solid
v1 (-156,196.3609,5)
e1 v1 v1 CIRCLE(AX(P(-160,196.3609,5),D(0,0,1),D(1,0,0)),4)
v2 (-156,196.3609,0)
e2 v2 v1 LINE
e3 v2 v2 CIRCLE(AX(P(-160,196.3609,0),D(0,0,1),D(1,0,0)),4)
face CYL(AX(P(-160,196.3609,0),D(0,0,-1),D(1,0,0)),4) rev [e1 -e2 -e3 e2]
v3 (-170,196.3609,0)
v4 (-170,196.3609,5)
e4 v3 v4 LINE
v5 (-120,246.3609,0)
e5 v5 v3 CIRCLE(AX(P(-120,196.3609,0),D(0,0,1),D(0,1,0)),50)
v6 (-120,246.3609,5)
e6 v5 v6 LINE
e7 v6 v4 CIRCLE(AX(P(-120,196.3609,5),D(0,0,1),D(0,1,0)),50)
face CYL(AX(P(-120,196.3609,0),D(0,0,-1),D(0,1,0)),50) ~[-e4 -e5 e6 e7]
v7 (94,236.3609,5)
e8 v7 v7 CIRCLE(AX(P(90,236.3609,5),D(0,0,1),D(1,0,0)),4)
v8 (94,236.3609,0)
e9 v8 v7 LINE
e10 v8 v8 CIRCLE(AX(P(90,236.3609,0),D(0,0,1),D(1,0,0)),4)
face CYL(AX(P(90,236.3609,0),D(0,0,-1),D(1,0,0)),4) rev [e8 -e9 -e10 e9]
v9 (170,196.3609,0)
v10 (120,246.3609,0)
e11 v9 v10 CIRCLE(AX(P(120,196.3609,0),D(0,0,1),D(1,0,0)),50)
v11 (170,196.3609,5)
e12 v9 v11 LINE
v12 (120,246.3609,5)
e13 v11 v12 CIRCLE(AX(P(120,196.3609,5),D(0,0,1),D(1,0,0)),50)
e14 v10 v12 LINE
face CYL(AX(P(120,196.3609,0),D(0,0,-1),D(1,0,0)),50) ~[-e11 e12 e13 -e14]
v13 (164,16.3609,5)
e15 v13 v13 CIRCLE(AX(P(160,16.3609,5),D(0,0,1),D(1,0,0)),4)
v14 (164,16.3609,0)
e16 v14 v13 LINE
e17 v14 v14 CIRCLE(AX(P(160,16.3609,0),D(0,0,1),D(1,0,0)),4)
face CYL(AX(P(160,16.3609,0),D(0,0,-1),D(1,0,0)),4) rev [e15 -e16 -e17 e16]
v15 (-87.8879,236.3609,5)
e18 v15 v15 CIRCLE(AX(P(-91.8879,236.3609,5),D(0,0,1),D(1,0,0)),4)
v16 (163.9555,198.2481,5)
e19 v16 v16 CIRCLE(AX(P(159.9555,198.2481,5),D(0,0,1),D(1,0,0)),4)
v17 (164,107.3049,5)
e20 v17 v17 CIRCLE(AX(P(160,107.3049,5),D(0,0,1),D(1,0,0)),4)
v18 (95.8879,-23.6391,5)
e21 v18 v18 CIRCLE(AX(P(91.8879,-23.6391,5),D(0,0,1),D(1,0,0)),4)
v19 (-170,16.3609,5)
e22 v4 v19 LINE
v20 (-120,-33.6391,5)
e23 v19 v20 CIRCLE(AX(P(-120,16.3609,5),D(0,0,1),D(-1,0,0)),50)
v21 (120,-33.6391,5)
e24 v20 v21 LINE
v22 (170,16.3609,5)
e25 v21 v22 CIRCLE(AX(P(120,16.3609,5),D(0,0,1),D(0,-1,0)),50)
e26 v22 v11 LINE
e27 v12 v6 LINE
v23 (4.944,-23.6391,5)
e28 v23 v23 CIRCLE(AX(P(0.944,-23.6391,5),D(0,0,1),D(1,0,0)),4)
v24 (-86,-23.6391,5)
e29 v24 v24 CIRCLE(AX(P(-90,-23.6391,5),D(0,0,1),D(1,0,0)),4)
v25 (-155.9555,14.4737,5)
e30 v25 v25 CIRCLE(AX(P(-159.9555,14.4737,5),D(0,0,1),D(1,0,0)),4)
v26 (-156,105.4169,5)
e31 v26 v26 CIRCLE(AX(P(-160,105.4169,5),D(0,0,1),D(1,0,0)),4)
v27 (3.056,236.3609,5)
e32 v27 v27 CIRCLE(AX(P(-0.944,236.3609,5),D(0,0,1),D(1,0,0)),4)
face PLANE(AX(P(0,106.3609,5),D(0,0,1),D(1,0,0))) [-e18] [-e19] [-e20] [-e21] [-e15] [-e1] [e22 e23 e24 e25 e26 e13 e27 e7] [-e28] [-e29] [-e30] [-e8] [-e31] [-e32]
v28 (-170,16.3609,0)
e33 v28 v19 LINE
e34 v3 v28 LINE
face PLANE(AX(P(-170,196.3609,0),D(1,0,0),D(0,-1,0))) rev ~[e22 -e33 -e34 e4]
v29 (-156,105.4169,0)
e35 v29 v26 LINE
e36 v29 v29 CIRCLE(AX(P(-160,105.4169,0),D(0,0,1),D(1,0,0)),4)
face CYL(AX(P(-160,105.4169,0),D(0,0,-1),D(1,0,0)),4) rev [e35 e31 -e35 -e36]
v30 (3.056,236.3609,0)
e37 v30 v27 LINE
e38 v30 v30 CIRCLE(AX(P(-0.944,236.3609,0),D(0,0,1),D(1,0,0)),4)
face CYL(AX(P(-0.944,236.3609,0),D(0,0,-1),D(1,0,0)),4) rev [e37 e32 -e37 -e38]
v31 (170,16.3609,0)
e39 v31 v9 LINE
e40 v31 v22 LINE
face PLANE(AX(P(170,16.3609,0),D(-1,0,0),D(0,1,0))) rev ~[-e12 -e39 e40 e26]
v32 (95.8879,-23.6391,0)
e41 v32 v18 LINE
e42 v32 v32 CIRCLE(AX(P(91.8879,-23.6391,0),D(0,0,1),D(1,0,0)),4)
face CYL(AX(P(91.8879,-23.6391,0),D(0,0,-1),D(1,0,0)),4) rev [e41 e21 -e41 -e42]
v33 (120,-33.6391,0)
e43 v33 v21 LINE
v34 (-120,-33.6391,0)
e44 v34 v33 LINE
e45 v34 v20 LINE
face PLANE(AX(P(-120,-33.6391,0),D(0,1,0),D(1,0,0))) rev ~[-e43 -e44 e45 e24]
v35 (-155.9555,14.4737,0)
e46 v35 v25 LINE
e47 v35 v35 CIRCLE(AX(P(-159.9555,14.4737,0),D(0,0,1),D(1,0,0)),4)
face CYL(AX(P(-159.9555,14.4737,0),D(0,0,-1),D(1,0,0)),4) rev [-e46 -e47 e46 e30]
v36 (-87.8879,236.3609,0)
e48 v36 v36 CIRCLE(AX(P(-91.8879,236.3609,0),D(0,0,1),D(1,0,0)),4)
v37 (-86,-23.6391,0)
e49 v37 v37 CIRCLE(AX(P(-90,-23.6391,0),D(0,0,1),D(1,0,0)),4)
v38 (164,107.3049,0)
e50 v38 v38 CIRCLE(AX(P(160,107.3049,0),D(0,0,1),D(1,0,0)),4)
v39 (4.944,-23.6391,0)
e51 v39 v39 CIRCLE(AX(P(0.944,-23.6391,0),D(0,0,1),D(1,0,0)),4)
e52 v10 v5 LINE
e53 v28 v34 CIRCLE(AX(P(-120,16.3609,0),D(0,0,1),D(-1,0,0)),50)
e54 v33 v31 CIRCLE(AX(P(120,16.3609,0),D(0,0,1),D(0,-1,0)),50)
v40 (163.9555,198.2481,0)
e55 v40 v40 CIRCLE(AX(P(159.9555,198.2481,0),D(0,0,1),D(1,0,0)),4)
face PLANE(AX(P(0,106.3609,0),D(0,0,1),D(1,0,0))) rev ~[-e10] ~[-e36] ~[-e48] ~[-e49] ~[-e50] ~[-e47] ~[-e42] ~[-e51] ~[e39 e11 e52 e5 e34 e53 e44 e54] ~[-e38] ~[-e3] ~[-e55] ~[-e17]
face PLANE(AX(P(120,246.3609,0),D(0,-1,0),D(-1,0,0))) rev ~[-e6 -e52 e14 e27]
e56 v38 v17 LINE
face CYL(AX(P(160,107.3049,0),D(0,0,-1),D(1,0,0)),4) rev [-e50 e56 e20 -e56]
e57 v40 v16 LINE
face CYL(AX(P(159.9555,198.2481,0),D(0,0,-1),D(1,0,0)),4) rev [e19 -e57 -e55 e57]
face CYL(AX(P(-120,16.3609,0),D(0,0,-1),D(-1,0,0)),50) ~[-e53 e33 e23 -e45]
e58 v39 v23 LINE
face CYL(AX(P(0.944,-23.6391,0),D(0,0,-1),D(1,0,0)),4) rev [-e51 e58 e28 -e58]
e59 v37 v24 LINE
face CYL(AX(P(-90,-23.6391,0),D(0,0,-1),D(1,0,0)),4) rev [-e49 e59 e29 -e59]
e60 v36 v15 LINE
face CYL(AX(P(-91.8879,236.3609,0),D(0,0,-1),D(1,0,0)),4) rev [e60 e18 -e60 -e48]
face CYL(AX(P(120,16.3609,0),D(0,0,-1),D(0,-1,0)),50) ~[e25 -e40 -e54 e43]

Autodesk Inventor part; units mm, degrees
ref_plane "YZ Plane" through (0, 0, 0) normal (1, 0, 0) x (0, 1, 0)
ref_plane "XZ Plane" through (0, 0, 0) normal (0, 1, 0) x (-1, 0, 0)
ref_plane "XY Plane" through (0, 0, 0) normal (0, 0, 1) x (1, 0, 0)
ref_plane "РабПлоскость1" through (0, 106.3609, 0) normal (0, 0, 1) x (1, 0, 0)
sketch "Эскиз1" plane through (0, 106.3609, 0) normal (0, 0, 1) x (1, 0, 0)
  circle A0 centre (-91.8879, 130) radius 4 projected
  circle A1 centre (-0.944, 130) radius 4 projected
  circle A2 centre (90, 130) radius 4 projected
  circle A3 centre (159.9555, 91.8872) radius 4 projected
  circle A4 centre (160, 0.944) radius 4 projected
  circle A5 centre (160, -90) radius 4 projected
  circle A6 centre (91.8879, -130) radius 4 projected
  circle A7 centre (0.944, -130) radius 4 projected
  circle A8 centre (-90, -130) radius 4 projected
  circle A9 centre (-159.9555, -91.8872) radius 4 projected
  circle A10 centre (-160, -0.944) radius 4 projected
  circle A11 centre (-160, 90) radius 4 projected
  arc A12 (-170, -90) -> (-120, -140) centre (-120, -90) ccw projected
  line L0 (-120, -140) -> (120, -140) projected
  arc A13 (120, -140) -> (170, -90) centre (120, -90) ccw projected
  line L1 (170, -90) -> (170, 90) projected
  arc A14 (170, 90) -> (120, 140) centre (120, 90) ccw projected
  line L2 (120, 140) -> (-120, 140) projected
  arc A15 (-120, 140) -> (-170, 90) centre (-120, 90) ccw projected
  line L3 (-170, 90) -> (-170, -90) projected
  line L4 (120, -120) -> (-120, -120) projected
  arc A16 (-150, -90) -> (-120, -120) centre (-120, -90) ccw projected
  line L5 (-150, -90) -> (-150, 90) projected
  arc A17 (-120, 120) -> (-150, 90) centre (-120, 90) ccw projected
  line L6 (-120, 120) -> (120, 120) projected
  arc A18 (150, 90) -> (120, 120) centre (120, 90) ccw projected
  line L7 (150, 90) -> (150, -90) projected
  arc A19 (120, -120) -> (150, -90) centre (120, -90) ccw projected
  point P0 (0, -106.3609)
extrude "Выдавливание1" add sketch "Эскиз1" along normal blind 5 contours L3 A15 L2 A14 L1 A13 L0 A12 | L4 A16 L5 A17 L6 A18 L7 A19
properties part number "Крышка фонаря 1" material "Чугун, серый"
